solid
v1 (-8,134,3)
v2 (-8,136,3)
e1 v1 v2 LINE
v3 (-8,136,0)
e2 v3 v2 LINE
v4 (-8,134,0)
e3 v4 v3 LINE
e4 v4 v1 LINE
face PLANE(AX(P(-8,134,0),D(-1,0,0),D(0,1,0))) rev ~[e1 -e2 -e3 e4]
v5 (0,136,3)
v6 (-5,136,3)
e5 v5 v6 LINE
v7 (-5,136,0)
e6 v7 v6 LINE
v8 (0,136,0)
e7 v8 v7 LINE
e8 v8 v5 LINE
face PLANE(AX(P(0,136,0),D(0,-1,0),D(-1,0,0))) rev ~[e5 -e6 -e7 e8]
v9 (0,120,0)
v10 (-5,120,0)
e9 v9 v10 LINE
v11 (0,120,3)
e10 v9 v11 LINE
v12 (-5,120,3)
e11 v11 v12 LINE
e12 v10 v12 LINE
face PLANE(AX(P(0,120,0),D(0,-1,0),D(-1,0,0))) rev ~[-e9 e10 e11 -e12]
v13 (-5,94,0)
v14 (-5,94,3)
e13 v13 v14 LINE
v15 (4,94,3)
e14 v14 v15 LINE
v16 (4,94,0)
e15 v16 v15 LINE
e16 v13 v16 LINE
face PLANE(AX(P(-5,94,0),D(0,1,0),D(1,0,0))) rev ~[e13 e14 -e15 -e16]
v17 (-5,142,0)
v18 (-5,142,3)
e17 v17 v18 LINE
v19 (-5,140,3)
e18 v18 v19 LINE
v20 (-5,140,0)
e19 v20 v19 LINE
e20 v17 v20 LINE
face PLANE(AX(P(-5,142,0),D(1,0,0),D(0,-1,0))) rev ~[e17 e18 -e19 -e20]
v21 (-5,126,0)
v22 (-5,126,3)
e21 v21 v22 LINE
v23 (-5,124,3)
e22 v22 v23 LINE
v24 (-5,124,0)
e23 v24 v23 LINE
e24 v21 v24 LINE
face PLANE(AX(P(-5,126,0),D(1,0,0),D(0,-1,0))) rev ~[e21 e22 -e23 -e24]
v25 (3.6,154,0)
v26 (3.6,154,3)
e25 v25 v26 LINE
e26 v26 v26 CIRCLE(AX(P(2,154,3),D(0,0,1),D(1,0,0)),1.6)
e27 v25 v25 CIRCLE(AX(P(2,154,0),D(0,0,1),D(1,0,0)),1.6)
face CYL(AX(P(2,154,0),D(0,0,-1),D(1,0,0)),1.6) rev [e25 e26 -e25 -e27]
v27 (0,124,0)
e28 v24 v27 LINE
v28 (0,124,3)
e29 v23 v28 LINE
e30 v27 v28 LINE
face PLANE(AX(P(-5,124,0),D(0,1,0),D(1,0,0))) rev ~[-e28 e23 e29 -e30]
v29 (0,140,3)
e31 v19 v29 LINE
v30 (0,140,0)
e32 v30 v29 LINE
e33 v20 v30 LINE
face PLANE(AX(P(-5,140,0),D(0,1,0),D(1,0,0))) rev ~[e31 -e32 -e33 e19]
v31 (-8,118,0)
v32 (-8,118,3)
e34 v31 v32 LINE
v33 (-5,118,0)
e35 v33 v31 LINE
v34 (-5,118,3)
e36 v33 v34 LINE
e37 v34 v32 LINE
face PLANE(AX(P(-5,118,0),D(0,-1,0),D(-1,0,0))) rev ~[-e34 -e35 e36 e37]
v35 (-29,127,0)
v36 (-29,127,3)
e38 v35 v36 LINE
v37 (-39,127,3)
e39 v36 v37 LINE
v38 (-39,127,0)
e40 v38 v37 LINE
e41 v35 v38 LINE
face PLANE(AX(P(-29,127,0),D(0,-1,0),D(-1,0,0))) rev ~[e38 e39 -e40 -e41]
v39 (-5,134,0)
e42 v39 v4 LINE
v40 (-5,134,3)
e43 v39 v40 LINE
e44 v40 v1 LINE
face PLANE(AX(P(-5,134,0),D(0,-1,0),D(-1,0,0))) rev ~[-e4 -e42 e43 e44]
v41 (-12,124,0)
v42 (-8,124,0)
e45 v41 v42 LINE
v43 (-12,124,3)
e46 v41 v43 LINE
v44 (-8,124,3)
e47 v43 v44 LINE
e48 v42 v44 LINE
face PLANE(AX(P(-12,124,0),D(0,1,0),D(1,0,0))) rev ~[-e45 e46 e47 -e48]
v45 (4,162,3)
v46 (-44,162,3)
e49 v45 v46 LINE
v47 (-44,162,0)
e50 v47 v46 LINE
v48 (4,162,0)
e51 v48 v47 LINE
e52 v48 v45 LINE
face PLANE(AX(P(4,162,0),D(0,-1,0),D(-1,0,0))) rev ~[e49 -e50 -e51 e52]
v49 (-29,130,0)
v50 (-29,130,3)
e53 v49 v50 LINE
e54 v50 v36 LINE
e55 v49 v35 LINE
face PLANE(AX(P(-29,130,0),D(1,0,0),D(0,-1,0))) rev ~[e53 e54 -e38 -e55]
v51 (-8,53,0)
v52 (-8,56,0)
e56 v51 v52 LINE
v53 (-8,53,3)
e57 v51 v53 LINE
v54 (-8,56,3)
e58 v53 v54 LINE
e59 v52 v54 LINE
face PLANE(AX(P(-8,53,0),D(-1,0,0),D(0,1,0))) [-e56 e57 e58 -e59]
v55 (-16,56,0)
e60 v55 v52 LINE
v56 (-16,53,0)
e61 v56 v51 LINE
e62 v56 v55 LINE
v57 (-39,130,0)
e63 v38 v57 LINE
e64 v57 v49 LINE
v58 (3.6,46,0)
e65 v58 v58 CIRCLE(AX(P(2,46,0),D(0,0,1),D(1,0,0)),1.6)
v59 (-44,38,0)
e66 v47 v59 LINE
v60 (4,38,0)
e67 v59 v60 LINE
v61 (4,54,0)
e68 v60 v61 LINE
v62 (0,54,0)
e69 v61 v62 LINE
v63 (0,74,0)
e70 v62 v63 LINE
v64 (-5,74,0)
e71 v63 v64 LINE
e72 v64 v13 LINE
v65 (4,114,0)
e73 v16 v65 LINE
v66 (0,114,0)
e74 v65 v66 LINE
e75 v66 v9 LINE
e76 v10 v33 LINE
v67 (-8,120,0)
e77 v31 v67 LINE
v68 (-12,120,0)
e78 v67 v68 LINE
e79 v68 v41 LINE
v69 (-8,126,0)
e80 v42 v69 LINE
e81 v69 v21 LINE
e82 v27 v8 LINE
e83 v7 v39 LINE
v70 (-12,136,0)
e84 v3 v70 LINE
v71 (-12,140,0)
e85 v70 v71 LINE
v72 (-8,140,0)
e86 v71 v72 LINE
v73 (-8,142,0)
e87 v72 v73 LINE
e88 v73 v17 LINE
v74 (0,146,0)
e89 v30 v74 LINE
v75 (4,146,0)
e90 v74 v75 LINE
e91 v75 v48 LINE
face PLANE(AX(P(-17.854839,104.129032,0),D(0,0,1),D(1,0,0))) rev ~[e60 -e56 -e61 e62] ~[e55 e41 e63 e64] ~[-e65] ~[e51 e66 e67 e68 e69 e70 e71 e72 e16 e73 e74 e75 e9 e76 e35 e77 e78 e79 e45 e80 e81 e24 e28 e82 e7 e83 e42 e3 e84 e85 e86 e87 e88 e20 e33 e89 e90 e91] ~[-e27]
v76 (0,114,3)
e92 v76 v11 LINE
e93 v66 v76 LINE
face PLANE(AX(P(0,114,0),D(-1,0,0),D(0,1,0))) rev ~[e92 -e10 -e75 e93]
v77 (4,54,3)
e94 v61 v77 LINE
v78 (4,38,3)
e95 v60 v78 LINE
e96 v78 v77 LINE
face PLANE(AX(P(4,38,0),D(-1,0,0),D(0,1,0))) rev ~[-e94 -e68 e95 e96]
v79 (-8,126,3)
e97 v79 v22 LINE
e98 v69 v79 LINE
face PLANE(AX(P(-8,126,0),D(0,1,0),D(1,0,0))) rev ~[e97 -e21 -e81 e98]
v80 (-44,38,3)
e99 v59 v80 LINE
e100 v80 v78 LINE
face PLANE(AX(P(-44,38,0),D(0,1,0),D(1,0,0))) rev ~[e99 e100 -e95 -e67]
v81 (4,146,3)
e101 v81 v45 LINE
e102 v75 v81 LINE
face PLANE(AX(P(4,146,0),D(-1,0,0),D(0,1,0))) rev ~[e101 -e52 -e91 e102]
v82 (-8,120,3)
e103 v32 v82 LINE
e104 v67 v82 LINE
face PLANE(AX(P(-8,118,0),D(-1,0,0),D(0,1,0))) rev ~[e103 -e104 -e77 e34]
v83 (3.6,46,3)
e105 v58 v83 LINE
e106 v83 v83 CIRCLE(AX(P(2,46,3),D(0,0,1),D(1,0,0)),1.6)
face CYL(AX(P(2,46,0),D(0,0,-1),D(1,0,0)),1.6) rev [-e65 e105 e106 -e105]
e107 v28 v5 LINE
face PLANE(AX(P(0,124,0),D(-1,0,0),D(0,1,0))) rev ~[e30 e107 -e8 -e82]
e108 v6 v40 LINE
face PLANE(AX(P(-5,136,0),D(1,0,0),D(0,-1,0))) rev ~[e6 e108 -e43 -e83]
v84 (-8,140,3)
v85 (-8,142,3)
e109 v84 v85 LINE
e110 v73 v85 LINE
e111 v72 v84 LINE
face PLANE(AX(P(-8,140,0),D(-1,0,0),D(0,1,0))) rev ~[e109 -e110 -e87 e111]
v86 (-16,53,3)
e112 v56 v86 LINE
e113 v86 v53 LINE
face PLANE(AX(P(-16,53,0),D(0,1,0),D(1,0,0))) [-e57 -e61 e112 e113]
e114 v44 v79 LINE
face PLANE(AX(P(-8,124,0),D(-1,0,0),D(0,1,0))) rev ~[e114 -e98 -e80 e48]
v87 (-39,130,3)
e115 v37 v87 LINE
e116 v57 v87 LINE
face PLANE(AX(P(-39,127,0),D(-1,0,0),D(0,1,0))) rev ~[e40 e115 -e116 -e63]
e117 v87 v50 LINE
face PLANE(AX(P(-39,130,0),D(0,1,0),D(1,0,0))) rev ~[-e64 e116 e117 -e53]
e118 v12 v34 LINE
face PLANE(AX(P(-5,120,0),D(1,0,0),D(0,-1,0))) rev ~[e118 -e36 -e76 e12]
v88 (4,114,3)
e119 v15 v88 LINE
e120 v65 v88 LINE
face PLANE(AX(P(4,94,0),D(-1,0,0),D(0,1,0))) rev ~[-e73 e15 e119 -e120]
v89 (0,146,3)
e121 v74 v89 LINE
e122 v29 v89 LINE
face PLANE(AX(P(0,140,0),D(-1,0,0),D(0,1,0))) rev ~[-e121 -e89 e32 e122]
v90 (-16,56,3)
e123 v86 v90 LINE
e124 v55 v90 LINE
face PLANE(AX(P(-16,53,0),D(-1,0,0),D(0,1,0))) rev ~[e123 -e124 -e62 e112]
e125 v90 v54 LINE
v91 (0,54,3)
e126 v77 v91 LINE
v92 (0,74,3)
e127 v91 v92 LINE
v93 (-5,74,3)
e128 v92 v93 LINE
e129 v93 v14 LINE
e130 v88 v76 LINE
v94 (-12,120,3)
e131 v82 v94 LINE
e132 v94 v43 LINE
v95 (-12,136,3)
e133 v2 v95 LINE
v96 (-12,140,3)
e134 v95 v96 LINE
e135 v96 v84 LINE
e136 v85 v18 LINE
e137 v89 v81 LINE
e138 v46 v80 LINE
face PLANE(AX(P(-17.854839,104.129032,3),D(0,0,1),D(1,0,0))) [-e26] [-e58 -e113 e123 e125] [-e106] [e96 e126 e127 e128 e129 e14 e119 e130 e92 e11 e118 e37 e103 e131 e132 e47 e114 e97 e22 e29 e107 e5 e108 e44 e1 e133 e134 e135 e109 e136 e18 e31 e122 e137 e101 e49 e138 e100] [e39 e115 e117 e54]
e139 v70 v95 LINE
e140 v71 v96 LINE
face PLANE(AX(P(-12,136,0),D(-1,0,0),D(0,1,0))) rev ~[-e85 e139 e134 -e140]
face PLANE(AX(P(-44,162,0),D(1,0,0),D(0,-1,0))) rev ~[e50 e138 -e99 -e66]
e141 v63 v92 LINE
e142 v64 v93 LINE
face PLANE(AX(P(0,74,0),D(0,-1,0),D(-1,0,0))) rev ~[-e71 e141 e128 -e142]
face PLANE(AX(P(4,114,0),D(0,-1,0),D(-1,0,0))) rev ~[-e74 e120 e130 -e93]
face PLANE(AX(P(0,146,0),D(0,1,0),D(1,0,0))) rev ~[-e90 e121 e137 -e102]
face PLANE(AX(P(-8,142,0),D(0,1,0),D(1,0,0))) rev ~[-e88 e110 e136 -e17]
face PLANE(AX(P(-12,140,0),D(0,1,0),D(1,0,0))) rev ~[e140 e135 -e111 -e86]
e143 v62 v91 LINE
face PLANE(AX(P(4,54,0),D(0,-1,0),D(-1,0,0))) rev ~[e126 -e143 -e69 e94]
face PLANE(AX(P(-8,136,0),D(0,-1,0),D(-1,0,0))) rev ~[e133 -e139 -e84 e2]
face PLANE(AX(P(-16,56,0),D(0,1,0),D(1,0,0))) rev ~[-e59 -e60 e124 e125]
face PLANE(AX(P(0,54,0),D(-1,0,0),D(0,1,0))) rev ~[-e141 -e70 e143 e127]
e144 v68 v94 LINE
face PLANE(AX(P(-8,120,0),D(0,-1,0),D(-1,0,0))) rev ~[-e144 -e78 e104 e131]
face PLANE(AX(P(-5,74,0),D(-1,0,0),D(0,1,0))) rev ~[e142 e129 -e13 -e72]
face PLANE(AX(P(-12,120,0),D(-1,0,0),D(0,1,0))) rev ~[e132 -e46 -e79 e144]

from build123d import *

# Parameters (mm, degrees)
SKETCH_1_W      = 8
SKETCH_1_H      = 3
SKETCH_1_R      = 1.6
EXTRUDE_1_DEPTH = 3


with BuildPart() as part:
    # 草图1 → 凸台-拉伸1 (new body)
    with BuildSketch(Plane.XY):
        Polygon((0, 140), (0, 146), (4, 146), (4, 162), (0, 162), (-44, 162), (-44, 38), (4, 38), (4, 54), (0, 54), (0, 74), (-5, 74), (-5, 94), (4, 94), (4, 114), (0, 114), (0, 120), (-5, 120), (-5, 118), (-8, 118), (-8, 120), (-12, 120), (-12, 124), (-8, 124), (-8, 126), (-5, 126), (-5, 124), (0, 124), (0, 136), (-5, 136), (-5, 134), (-8, 134), (-8, 136), (-12, 136), (-12, 140), (-8, 140), (-8, 142), (-5, 142), (-5, 140), align=None)
        with Locations((-12, 54.5)):
            Rectangle(SKETCH_1_W, SKETCH_1_H, mode=Mode.SUBTRACT)
        with Locations((2, 46)):
            Circle(SKETCH_1_R, mode=Mode.SUBTRACT)
        Polygon((-39, 130), (-32, 130), (-29, 130), (-29, 127), (-39, 127), align=None, mode=Mode.SUBTRACT)
        with Locations((2, 154)):
            Circle(SKETCH_1_R, mode=Mode.SUBTRACT)
    extrude(amount=EXTRUDE_1_DEPTH)


solid = part.part
